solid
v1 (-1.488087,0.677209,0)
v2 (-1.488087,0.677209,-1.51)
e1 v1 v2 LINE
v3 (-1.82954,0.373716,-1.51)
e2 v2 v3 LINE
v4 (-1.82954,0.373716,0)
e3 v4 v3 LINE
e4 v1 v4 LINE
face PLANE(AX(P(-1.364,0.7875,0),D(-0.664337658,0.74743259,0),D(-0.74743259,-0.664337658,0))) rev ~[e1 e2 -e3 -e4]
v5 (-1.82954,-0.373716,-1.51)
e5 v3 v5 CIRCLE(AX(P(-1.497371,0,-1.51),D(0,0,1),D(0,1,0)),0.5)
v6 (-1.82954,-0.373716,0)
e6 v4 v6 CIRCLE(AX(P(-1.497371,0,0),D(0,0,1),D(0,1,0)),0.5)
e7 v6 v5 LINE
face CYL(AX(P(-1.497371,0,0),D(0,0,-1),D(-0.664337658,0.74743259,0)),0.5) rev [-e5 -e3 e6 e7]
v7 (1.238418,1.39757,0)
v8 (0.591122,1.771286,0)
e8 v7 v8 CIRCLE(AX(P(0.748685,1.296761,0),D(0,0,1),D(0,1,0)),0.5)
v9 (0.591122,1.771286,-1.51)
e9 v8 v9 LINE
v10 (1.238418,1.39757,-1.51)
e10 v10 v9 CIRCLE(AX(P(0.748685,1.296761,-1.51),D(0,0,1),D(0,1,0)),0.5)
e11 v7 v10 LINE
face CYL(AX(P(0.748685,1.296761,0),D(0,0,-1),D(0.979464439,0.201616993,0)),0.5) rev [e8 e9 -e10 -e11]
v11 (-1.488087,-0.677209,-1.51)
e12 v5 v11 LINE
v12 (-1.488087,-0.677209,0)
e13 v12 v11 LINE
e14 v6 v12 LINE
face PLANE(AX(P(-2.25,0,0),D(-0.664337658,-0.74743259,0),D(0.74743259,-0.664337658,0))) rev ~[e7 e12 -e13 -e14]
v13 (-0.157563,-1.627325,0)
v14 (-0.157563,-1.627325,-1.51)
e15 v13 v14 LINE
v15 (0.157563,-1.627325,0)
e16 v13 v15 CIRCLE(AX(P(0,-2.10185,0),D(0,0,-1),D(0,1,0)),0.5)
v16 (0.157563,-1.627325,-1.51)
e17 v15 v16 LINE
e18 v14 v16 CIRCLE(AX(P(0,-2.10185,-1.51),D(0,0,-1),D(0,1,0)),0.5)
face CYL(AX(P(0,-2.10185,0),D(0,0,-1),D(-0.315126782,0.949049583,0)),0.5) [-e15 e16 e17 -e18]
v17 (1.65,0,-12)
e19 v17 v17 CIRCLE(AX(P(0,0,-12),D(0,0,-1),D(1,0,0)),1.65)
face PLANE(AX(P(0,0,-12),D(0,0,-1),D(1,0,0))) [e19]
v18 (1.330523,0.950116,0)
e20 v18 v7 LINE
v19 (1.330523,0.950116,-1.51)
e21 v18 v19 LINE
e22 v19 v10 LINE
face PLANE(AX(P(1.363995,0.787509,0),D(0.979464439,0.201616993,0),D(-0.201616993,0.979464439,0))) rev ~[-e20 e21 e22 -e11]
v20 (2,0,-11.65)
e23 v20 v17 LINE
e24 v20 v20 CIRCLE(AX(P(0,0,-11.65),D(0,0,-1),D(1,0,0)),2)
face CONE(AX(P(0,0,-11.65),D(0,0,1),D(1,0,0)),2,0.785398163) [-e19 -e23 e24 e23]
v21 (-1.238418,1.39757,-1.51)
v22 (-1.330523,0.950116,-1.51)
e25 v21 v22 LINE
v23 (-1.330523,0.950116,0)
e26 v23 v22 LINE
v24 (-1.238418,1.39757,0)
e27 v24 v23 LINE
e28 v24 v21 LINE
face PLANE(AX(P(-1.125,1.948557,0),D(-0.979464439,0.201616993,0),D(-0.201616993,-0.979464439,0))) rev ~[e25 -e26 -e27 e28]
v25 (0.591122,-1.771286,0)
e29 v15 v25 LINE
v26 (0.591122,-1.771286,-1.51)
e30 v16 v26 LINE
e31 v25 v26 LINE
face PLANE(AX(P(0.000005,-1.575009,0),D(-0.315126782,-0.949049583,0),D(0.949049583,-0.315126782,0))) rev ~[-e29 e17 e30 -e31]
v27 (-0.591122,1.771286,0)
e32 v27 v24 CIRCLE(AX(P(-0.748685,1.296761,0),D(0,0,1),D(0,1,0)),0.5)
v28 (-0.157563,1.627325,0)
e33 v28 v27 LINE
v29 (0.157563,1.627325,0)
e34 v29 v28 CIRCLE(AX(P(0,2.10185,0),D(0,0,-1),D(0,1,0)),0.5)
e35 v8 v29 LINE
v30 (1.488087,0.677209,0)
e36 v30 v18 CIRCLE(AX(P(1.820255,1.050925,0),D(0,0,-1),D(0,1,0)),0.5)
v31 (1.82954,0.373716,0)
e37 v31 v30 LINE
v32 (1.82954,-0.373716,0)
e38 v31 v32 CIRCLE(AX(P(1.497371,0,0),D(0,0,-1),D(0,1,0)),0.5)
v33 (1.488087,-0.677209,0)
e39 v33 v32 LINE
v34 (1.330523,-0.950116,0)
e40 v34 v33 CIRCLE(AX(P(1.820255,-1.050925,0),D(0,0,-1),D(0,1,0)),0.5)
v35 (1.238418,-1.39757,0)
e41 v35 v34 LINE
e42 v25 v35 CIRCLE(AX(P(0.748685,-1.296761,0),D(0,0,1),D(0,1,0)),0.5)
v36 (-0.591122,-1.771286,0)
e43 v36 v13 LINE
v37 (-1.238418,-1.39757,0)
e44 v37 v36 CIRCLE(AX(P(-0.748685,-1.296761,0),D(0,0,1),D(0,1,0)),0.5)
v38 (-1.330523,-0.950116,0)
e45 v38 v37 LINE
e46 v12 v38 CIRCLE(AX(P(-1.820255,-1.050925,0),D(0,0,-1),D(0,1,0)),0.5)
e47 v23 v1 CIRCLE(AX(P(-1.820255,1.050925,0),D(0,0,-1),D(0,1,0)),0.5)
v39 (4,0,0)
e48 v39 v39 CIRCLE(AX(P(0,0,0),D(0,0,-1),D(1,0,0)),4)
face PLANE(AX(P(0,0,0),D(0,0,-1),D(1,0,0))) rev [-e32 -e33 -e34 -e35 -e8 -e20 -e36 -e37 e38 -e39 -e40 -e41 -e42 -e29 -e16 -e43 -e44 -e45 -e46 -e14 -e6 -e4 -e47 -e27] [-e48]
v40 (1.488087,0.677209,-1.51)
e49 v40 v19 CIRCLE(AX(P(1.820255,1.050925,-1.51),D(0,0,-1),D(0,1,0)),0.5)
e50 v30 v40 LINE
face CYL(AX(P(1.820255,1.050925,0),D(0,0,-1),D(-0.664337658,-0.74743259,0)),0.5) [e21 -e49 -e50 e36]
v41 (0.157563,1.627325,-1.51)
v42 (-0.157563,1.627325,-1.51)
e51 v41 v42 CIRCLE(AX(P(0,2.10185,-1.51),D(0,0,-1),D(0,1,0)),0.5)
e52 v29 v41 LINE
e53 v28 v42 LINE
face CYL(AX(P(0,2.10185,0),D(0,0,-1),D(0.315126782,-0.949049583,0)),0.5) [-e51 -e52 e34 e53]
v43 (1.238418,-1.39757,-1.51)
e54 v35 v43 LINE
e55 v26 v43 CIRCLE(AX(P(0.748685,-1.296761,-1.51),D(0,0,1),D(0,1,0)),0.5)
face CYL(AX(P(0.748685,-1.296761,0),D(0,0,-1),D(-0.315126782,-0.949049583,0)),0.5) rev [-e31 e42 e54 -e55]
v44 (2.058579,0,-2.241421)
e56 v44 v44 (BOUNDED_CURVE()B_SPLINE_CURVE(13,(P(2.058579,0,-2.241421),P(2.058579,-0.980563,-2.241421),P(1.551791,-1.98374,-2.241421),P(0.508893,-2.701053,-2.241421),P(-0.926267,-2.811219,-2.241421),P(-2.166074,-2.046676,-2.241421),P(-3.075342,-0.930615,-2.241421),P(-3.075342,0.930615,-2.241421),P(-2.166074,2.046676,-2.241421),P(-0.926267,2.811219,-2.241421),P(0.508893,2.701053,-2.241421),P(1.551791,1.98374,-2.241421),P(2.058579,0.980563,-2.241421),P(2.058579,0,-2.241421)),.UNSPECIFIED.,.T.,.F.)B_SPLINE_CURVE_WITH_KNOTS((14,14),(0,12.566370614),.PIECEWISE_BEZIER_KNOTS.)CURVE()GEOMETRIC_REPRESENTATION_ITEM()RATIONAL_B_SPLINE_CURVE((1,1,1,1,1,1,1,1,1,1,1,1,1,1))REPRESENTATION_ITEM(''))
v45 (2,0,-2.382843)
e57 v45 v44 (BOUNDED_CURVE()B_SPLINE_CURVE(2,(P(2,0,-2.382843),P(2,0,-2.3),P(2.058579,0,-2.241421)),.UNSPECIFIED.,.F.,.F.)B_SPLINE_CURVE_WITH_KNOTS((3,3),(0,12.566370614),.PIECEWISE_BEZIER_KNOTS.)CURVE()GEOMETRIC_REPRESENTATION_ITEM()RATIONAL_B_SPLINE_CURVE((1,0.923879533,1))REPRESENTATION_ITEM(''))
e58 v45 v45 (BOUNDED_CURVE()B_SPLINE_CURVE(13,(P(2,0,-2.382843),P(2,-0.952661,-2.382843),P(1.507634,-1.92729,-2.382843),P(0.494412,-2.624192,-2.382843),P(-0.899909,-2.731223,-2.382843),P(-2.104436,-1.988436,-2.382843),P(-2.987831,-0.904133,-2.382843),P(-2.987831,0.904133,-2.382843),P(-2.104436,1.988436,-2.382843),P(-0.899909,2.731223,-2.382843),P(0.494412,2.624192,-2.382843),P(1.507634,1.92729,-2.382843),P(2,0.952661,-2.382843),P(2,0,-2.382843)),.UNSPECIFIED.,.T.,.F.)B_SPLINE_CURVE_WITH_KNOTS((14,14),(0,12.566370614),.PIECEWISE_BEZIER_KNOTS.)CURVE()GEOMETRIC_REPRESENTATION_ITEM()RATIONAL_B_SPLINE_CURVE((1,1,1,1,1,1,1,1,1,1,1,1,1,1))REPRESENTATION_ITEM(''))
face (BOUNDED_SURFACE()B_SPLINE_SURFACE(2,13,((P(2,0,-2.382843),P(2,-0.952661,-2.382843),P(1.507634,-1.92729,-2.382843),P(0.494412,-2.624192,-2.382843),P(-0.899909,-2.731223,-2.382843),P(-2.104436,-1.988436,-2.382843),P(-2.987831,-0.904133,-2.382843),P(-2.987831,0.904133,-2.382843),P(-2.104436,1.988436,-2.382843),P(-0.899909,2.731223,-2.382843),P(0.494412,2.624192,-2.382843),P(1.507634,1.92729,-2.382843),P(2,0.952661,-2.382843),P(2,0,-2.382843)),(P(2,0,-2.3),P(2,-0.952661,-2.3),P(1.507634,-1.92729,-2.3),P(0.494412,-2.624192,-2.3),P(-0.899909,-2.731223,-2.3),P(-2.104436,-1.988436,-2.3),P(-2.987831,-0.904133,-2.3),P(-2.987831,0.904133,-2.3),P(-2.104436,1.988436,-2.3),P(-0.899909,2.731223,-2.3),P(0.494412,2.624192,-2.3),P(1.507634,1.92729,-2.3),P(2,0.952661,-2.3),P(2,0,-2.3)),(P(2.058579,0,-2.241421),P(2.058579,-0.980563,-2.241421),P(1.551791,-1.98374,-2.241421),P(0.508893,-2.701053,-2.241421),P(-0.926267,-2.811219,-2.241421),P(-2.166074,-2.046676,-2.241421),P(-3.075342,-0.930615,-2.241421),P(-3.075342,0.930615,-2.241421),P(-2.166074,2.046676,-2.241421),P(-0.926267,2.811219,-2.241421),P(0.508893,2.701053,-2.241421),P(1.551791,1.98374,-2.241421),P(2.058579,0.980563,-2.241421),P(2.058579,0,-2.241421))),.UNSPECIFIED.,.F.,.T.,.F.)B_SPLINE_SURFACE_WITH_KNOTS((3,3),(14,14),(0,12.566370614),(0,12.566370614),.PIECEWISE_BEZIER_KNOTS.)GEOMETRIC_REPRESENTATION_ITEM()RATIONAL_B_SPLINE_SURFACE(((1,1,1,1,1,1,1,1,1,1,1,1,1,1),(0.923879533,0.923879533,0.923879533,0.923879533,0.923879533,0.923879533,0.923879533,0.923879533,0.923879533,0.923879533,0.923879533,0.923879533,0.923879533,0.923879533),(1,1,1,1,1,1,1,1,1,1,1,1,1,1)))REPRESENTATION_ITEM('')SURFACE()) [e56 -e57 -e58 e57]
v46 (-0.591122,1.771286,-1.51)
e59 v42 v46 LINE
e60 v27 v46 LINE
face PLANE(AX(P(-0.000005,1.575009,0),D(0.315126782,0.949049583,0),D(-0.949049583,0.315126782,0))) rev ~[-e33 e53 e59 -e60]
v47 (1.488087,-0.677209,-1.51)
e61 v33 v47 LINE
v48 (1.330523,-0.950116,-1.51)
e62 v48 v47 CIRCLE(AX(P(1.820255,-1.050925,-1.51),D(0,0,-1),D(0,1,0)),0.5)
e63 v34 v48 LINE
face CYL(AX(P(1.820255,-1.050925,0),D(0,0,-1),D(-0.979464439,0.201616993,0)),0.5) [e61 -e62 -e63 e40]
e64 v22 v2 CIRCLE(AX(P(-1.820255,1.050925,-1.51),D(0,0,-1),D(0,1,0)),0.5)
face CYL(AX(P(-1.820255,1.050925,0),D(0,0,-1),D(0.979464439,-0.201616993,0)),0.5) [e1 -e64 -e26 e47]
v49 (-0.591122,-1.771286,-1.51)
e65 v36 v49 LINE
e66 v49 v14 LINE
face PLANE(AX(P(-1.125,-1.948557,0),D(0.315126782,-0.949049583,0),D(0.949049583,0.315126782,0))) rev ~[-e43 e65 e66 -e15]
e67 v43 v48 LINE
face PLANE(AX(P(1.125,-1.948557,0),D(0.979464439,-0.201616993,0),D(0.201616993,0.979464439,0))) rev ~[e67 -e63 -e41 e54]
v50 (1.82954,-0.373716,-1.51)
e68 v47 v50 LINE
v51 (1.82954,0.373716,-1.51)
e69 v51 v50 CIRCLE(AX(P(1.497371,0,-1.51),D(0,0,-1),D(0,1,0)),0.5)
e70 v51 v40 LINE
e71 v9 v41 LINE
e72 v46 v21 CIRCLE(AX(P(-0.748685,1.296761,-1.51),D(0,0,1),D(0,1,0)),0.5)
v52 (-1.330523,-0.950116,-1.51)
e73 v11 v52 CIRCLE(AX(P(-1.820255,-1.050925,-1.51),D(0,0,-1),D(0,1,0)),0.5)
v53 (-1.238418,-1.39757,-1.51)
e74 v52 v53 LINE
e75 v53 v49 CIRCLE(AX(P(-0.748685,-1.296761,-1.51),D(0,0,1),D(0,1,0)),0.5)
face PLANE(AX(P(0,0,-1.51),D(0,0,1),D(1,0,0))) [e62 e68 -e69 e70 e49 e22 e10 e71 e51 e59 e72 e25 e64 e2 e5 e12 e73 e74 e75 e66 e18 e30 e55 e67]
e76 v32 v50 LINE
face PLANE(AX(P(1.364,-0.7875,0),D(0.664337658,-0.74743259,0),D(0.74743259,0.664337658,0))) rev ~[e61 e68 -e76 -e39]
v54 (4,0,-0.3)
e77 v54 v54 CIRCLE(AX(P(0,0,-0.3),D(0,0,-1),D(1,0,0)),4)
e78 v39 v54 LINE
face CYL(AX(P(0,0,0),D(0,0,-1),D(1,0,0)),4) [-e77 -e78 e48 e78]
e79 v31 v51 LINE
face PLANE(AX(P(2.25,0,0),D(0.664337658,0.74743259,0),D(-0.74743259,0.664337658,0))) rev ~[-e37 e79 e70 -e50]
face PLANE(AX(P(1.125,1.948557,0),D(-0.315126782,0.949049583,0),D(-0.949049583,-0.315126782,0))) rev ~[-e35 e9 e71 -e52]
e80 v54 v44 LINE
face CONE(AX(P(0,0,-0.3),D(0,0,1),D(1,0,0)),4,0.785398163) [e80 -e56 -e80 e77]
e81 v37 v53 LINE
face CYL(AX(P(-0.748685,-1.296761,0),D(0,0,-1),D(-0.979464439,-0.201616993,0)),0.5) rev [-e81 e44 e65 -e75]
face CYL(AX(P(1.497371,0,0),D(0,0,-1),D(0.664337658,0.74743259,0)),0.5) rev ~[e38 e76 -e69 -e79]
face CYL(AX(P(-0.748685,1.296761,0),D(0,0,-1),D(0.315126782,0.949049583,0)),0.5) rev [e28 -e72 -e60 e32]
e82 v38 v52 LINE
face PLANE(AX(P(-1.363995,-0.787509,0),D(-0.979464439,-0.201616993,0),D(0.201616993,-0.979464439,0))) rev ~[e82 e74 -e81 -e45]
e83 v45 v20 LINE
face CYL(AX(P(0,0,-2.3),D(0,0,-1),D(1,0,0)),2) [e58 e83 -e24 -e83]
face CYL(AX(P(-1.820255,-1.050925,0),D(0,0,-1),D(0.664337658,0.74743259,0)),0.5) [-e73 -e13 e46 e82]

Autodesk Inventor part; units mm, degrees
ref_plane "YZ Plane" through (0, 0, 0) normal (1, 0, 0) x (0, 1, 0)
sketch "Skizze1" plane through (0, 0, 0) normal (0, 1, 0) x (-1, 0, 0)
  point P0 (0, 0)
sketch "Skizze2" plane through (0, 0, 0) normal (0, 1, 0) x (-1, 0, 0)
  line L0 (-2, -12) -> (0, -12)
  line L1 (-2, -2.3) -> (-2, -12)
  line L2 (-4, -0.3) -> (-2, -2.3)
  line L3 (-4, 0) -> (-4, -0.3)
  line L4 (0, 0) -> (-4, 0)
  line L5 (0, -12) -> (0, 0)
  line L6 (0, -12) -> (0, 0)
  line L7 (0, -14.4) -> (0, 2.4) projected
  line L8 (0.8, 0) -> (-4.8, 0) projected
  dimension "d3" = 4
  dimension "d5" = 2
  dimension "d7" = 12
  dimension "ParC" = 0.3
  dimension "d22" = 0
  dimension "d23" = 0
  dimension "d43" = 45
revolve "Drehung1" add sketch "Skizze2" angle 360 about axis through (0, 0, -12) along (0, 0, -1)
fillet "Rundung1" radius 0.2 1 edges at (-2, 0, -2.3)
chamfer "Fase1" distance 0.35 angle 45 1 edges at (-2, 0, -12) measured on face at (-0.9288, -1.7713, -8.7943)
thread "Gewinde1" size "M4x0.7" class "6g" standard "ISO Metric profile" length 8.3
ref_plane "MSC_PF1" through (0, 0, 0) normal (1, 0, 0) x (0, 1, 0)
ref_plane "MSC_PT1" through (0, 0, 0) normal (0, 0, -1) x (-1, 0, 0)
sketch "Skizze4" plane through (0, 0, 0) normal (0, 0, 1) x (1, 0, 0)
  circle A0 centre (0, 0) radius 2.25
  circle A1 centre (0, 0) radius 1.575
  line L0 (0, 0) -> (1.364, -0.7875)
  line L1 (0, 0) -> (1.364, 0.7875)
  line L2 (1.364, -0.7875) -> (2.25, 0)
  line L3 (2.25, 0) -> (1.364, 0.7875)
  line L4 (-5.6, 0) -> (5.6, 0) projected
  dimension "d45" = 4.5
  dimension "d44" = 3.15
  dimension "d46" = 30
  dimension "d47" = 30
extrude "Extrusion2" cut sketch "Skizze4" against normal blind 1.51 contours L4 A1 L3 | L2 A1 L4 | L0 L4 A1 | A1 L4 L1 picked at (0.948, -0.4421) picked at (0.948, 0.4421)
pattern_circular "Runde Anordnung1" count 6 over 360 about axis through (0, 0, 0) along (0, 0, -1) of "Extrusion2"
fillet "Rundung2" radius 0.5 12 edges at (-1.125, 1.9486, -0.755) (-1.364, 0.7875, -0.755) (0, 1.575, -0.755) (-2.25, 0, -0.755) (1.364, 0.7875, -0.755) (2.25, 0, -0.755) (1.125, 1.9486, -0.755) (1.364, -0.7875, -0.755) (1.125, -1.9486, -0.755) (-1.364, -0.7875, -0.755) (-1.125, -1.9486, -0.755) (0, -1.575, -0.755)
equation "\"d3\" = 0.5 * dk"
equation "\"d5\" = 0.5 * NND"
equation "\"d7\" = NLG"
equation "\"d43\" = 0.5 * ang"
equation "\"d18\" = r"
equation "\"d19\" = 0.5 * PTC"
equation "\"d39\" = 0.5 * PTC"
equation "\"NND\" = 4"
equation "\"PTC\" = 0.7"
equation "\"dk\" = 8"
equation "\"ParK\" = 2.3"
equation "\"ParS\" = 2.5"
equation "\"ParT\" = 1.8"
equation "\"r\" = 0.2"
equation "\"NLG\" = 12"
equation "\"ang\" = 90deg"
equation "\"THREADDIA\" = NND"
properties part number "DIN 7991 - M4x12" material "Stahl, weich"
